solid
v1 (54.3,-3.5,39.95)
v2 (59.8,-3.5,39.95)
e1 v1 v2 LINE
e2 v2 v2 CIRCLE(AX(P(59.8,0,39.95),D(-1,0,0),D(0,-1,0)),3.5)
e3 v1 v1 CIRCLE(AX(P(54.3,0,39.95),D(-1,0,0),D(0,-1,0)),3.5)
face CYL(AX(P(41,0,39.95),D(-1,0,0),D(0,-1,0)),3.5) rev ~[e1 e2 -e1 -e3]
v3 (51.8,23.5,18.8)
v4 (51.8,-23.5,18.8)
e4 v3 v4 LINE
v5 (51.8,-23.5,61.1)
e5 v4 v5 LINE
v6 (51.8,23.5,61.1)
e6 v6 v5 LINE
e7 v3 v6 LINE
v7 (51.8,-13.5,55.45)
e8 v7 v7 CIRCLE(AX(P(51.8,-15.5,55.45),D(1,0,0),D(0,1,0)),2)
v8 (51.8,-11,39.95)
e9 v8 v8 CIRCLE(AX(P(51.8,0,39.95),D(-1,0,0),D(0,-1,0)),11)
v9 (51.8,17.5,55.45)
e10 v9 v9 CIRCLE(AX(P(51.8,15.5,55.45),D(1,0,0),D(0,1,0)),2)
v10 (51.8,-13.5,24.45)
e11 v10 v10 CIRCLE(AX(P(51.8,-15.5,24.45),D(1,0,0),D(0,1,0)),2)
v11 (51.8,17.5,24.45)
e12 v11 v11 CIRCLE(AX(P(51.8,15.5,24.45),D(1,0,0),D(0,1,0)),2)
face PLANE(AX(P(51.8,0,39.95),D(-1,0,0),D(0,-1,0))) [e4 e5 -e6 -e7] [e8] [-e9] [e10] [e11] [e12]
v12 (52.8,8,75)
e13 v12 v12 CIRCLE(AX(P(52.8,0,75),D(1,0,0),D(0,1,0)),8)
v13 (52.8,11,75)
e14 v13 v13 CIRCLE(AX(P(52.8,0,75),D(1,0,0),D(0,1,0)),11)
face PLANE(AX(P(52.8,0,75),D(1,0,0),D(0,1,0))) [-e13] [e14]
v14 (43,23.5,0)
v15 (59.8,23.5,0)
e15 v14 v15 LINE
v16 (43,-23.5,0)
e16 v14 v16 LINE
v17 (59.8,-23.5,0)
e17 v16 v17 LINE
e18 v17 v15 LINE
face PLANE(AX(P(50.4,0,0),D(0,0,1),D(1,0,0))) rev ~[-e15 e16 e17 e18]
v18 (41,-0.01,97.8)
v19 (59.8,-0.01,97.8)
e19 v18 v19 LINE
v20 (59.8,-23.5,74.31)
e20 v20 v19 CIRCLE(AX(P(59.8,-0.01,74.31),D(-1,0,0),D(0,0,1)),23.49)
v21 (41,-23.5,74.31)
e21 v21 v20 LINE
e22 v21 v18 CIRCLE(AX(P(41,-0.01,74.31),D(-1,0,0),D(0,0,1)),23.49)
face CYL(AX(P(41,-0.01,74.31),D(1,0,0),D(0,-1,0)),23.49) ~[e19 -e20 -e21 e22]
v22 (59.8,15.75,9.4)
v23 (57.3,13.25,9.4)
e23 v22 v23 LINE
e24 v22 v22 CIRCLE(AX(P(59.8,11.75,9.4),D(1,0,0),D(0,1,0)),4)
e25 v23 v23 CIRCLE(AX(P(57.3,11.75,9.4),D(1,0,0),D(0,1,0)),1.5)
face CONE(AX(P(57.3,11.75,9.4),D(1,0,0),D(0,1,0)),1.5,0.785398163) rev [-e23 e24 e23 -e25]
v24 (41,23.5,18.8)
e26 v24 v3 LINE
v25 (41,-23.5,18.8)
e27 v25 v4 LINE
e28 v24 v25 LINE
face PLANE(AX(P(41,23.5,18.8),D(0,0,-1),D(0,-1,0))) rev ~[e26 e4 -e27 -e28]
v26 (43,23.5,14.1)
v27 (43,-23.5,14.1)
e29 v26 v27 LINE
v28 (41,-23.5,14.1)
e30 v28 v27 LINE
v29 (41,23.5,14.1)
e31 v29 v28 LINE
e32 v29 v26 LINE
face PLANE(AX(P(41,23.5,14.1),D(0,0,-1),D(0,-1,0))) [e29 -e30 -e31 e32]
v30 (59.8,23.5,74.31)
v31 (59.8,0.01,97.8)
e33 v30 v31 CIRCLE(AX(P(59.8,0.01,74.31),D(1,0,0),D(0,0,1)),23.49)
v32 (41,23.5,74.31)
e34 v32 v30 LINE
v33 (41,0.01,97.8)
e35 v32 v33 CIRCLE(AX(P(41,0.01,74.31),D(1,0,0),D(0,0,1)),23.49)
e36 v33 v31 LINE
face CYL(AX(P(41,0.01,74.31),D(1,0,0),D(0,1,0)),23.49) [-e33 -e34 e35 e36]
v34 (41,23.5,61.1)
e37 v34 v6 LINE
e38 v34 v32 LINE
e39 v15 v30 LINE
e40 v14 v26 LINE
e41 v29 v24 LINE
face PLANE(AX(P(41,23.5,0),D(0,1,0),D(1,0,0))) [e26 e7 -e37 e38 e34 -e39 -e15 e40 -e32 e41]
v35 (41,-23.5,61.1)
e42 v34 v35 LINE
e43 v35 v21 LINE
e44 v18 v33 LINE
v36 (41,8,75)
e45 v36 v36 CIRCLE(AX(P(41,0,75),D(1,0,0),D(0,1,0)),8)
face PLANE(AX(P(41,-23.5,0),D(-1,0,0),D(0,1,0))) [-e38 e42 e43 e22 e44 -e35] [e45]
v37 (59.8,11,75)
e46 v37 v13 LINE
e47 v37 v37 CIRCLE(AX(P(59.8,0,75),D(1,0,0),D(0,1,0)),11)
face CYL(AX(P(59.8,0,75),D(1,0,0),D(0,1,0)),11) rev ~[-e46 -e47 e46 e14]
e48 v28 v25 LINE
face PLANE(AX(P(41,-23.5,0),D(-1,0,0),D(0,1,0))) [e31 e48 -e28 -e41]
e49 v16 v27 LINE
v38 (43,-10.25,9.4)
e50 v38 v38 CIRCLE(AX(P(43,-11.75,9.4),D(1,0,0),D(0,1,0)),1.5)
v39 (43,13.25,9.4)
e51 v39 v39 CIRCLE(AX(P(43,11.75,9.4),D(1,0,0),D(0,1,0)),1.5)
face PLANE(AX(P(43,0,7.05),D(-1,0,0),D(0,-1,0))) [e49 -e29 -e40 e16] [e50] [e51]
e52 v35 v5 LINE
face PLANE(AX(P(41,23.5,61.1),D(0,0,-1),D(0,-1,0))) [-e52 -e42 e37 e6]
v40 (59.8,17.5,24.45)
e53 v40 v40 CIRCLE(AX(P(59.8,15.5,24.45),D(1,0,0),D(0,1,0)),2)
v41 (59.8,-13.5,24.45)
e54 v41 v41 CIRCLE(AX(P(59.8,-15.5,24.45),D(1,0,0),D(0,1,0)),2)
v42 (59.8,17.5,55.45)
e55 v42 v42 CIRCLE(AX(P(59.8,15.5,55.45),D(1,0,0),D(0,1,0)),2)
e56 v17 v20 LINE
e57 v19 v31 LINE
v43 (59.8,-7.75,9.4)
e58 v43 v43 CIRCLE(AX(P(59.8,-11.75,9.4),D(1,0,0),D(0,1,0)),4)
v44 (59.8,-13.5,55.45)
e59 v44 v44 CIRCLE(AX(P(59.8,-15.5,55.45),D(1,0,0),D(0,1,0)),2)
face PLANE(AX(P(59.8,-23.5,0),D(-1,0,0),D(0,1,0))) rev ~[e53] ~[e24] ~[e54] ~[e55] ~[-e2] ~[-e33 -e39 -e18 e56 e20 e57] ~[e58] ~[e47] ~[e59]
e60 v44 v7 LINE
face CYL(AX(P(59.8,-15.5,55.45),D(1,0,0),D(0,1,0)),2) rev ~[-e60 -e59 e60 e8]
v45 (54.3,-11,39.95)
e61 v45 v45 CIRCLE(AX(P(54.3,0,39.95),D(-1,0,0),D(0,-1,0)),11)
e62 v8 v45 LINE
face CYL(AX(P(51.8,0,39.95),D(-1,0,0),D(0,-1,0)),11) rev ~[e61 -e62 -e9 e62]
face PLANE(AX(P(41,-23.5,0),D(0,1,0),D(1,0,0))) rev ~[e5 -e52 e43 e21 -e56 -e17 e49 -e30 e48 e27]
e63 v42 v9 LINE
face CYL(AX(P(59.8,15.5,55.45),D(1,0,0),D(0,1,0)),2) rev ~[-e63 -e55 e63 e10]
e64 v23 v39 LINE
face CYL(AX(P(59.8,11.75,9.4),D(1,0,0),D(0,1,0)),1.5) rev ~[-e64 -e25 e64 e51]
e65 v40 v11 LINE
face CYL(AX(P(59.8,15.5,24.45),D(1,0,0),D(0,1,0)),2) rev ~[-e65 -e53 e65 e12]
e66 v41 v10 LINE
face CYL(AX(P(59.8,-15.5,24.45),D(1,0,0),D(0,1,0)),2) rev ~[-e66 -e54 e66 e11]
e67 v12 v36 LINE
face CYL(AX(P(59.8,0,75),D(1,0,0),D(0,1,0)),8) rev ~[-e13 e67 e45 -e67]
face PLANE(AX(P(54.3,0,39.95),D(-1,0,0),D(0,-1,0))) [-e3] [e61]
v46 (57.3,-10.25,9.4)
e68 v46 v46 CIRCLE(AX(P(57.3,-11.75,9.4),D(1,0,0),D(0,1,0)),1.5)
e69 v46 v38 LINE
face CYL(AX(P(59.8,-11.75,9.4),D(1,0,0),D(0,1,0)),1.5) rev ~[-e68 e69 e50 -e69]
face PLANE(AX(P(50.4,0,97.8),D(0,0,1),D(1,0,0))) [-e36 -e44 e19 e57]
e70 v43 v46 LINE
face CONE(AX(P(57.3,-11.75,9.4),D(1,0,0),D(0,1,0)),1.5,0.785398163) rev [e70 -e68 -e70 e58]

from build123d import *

# Parameters (mm, degrees)
SKETCH011_W     = 18.8
SKETCH011_H     = 47
PAD007_DEPTH    = 97.8
SKETCH025_R     = 2
POCKET007_DEPTH = 18.8
SKETCH026_W     = 47
SKETCH026_H     = 42.3
POCKET008_DEPTH = 10.8
SKETCH027_R     = 11
POCKET009_DEPTH = 2.5
SKETCH028_R     = 3.5
POCKET010_DEPTH = 18.801
SKETCH030_W     = 47
SKETCH030_H     = 14.1
POCKET011_DEPTH = 2
SKETCH056_R     = 8
POCKET023_DEPTH = 18.801
SKETCH057_R     = 11
POCKET024_DEPTH = 7
FILLET002_R     = 23.49
SKETCH074_R     = 1.5
POCKET029_DEPTH = 18.801
CHAMFER003_SIZE = 2.5


with BuildPart() as part:
    # Sketch011 (on DatumPlane) → Pad007 (new body)
    with BuildSketch(Plane.XY):
        with Locations((50.4, 0)):
            Rectangle(SKETCH011_W, SKETCH011_H)
    extrude(amount=PAD007_DEPTH)

    # Sketch025 (on Face4 of Pad007) → Pocket007 (cut)
    with BuildSketch(Plane.YZ.offset(59.8)):
        with Locations((-15.5, 55.45)):
            Circle(SKETCH025_R)
        with Locations((15.5, 55.45)):
            Circle(SKETCH025_R)
        with Locations((-15.5, 24.45)):
            Circle(SKETCH025_R)
        with Locations((15.5, 24.45)):
            Circle(SKETCH025_R)
    extrude(amount=-POCKET007_DEPTH, mode=Mode.SUBTRACT)

    # Sketch026 (on Face2 of Pad007) → Pocket008 (cut)
    with BuildSketch(Plane(origin=(41, 0, 0), x_dir=(0, -1, 0), z_dir=(-1, 0, 0))):
        with Locations((0, 39.95)):
            Rectangle(SKETCH026_W, SKETCH026_H)
    extrude(amount=-POCKET008_DEPTH, mode=Mode.SUBTRACT)

    # Sketch027 (on Face5 of Pocket008) → Pocket009 (cut)
    with BuildSketch(Plane(origin=(51.8, 0, 0), x_dir=(0, -1, 0), z_dir=(-1, 0, 0))):
        with Locations((0, 39.95)):
            Circle(SKETCH027_R)
    extrude(amount=-POCKET009_DEPTH, mode=Mode.SUBTRACT)

    # Sketch028 (on Face7 of Pocket009) → Pocket010 (cut, through all)
    with BuildSketch(Plane(origin=(41, 0, 0), x_dir=(0, -1, 0), z_dir=(-1, 0, 0))):
        with Locations((0, 39.95)):
            Circle(SKETCH028_R)
    extrude(amount=-POCKET010_DEPTH, mode=Mode.SUBTRACT)

    # Sketch030 (on Face3 of Pocket007) → Pocket011 (cut)
    with BuildSketch(Plane(origin=(41, 0, 0), x_dir=(0, -1, 0), z_dir=(-1, 0, 0))):
        with Locations((0, 7.05)):
            Rectangle(SKETCH030_W, SKETCH030_H)
    extrude(amount=-POCKET011_DEPTH, mode=Mode.SUBTRACT)

    # Sketch056 (on Face11 of Pocket011) → Pocket023 (cut, through all)
    with BuildSketch(Plane.YZ.offset(59.8)):
        with Locations((0, 75)):
            Circle(SKETCH056_R)
    extrude(amount=-POCKET023_DEPTH, mode=Mode.SUBTRACT)

    # Sketch057 (on Face11 of Pocket023) → Pocket024 (cut)
    with BuildSketch(Plane.YZ.offset(59.8)):
        with Locations((0, 75)):
            Circle(SKETCH057_R)
    extrude(amount=-POCKET024_DEPTH, mode=Mode.SUBTRACT)

    # Fillet002
    fillet002_edges = [part.edges().sort_by_distance(p)[0] for p in [
        (50.4, 23.5, 97.8),
        (50.4, -23.5, 97.8),
    ]]
    fillet(fillet002_edges, radius=FILLET002_R)

    # Sketch074 (on Face5 of Fillet002) → Pocket029 (cut, through all)
    with BuildSketch(Plane.YZ.offset(59.8)):
        with Locations((-11.75, 9.4)):
            Circle(SKETCH074_R)
        with Locations((11.75, 9.4)):
            Circle(SKETCH074_R)
    extrude(amount=-POCKET029_DEPTH, mode=Mode.SUBTRACT)

    # Chamfer003
    chamfer003_edges = [part.edges().sort_by_distance(p)[0] for p in [
        (59.8, 10.25, 9.4),
        (59.8, -13.25, 9.4),
    ]]
    chamfer(chamfer003_edges, length=CHAMFER003_SIZE)


solid = part.part
